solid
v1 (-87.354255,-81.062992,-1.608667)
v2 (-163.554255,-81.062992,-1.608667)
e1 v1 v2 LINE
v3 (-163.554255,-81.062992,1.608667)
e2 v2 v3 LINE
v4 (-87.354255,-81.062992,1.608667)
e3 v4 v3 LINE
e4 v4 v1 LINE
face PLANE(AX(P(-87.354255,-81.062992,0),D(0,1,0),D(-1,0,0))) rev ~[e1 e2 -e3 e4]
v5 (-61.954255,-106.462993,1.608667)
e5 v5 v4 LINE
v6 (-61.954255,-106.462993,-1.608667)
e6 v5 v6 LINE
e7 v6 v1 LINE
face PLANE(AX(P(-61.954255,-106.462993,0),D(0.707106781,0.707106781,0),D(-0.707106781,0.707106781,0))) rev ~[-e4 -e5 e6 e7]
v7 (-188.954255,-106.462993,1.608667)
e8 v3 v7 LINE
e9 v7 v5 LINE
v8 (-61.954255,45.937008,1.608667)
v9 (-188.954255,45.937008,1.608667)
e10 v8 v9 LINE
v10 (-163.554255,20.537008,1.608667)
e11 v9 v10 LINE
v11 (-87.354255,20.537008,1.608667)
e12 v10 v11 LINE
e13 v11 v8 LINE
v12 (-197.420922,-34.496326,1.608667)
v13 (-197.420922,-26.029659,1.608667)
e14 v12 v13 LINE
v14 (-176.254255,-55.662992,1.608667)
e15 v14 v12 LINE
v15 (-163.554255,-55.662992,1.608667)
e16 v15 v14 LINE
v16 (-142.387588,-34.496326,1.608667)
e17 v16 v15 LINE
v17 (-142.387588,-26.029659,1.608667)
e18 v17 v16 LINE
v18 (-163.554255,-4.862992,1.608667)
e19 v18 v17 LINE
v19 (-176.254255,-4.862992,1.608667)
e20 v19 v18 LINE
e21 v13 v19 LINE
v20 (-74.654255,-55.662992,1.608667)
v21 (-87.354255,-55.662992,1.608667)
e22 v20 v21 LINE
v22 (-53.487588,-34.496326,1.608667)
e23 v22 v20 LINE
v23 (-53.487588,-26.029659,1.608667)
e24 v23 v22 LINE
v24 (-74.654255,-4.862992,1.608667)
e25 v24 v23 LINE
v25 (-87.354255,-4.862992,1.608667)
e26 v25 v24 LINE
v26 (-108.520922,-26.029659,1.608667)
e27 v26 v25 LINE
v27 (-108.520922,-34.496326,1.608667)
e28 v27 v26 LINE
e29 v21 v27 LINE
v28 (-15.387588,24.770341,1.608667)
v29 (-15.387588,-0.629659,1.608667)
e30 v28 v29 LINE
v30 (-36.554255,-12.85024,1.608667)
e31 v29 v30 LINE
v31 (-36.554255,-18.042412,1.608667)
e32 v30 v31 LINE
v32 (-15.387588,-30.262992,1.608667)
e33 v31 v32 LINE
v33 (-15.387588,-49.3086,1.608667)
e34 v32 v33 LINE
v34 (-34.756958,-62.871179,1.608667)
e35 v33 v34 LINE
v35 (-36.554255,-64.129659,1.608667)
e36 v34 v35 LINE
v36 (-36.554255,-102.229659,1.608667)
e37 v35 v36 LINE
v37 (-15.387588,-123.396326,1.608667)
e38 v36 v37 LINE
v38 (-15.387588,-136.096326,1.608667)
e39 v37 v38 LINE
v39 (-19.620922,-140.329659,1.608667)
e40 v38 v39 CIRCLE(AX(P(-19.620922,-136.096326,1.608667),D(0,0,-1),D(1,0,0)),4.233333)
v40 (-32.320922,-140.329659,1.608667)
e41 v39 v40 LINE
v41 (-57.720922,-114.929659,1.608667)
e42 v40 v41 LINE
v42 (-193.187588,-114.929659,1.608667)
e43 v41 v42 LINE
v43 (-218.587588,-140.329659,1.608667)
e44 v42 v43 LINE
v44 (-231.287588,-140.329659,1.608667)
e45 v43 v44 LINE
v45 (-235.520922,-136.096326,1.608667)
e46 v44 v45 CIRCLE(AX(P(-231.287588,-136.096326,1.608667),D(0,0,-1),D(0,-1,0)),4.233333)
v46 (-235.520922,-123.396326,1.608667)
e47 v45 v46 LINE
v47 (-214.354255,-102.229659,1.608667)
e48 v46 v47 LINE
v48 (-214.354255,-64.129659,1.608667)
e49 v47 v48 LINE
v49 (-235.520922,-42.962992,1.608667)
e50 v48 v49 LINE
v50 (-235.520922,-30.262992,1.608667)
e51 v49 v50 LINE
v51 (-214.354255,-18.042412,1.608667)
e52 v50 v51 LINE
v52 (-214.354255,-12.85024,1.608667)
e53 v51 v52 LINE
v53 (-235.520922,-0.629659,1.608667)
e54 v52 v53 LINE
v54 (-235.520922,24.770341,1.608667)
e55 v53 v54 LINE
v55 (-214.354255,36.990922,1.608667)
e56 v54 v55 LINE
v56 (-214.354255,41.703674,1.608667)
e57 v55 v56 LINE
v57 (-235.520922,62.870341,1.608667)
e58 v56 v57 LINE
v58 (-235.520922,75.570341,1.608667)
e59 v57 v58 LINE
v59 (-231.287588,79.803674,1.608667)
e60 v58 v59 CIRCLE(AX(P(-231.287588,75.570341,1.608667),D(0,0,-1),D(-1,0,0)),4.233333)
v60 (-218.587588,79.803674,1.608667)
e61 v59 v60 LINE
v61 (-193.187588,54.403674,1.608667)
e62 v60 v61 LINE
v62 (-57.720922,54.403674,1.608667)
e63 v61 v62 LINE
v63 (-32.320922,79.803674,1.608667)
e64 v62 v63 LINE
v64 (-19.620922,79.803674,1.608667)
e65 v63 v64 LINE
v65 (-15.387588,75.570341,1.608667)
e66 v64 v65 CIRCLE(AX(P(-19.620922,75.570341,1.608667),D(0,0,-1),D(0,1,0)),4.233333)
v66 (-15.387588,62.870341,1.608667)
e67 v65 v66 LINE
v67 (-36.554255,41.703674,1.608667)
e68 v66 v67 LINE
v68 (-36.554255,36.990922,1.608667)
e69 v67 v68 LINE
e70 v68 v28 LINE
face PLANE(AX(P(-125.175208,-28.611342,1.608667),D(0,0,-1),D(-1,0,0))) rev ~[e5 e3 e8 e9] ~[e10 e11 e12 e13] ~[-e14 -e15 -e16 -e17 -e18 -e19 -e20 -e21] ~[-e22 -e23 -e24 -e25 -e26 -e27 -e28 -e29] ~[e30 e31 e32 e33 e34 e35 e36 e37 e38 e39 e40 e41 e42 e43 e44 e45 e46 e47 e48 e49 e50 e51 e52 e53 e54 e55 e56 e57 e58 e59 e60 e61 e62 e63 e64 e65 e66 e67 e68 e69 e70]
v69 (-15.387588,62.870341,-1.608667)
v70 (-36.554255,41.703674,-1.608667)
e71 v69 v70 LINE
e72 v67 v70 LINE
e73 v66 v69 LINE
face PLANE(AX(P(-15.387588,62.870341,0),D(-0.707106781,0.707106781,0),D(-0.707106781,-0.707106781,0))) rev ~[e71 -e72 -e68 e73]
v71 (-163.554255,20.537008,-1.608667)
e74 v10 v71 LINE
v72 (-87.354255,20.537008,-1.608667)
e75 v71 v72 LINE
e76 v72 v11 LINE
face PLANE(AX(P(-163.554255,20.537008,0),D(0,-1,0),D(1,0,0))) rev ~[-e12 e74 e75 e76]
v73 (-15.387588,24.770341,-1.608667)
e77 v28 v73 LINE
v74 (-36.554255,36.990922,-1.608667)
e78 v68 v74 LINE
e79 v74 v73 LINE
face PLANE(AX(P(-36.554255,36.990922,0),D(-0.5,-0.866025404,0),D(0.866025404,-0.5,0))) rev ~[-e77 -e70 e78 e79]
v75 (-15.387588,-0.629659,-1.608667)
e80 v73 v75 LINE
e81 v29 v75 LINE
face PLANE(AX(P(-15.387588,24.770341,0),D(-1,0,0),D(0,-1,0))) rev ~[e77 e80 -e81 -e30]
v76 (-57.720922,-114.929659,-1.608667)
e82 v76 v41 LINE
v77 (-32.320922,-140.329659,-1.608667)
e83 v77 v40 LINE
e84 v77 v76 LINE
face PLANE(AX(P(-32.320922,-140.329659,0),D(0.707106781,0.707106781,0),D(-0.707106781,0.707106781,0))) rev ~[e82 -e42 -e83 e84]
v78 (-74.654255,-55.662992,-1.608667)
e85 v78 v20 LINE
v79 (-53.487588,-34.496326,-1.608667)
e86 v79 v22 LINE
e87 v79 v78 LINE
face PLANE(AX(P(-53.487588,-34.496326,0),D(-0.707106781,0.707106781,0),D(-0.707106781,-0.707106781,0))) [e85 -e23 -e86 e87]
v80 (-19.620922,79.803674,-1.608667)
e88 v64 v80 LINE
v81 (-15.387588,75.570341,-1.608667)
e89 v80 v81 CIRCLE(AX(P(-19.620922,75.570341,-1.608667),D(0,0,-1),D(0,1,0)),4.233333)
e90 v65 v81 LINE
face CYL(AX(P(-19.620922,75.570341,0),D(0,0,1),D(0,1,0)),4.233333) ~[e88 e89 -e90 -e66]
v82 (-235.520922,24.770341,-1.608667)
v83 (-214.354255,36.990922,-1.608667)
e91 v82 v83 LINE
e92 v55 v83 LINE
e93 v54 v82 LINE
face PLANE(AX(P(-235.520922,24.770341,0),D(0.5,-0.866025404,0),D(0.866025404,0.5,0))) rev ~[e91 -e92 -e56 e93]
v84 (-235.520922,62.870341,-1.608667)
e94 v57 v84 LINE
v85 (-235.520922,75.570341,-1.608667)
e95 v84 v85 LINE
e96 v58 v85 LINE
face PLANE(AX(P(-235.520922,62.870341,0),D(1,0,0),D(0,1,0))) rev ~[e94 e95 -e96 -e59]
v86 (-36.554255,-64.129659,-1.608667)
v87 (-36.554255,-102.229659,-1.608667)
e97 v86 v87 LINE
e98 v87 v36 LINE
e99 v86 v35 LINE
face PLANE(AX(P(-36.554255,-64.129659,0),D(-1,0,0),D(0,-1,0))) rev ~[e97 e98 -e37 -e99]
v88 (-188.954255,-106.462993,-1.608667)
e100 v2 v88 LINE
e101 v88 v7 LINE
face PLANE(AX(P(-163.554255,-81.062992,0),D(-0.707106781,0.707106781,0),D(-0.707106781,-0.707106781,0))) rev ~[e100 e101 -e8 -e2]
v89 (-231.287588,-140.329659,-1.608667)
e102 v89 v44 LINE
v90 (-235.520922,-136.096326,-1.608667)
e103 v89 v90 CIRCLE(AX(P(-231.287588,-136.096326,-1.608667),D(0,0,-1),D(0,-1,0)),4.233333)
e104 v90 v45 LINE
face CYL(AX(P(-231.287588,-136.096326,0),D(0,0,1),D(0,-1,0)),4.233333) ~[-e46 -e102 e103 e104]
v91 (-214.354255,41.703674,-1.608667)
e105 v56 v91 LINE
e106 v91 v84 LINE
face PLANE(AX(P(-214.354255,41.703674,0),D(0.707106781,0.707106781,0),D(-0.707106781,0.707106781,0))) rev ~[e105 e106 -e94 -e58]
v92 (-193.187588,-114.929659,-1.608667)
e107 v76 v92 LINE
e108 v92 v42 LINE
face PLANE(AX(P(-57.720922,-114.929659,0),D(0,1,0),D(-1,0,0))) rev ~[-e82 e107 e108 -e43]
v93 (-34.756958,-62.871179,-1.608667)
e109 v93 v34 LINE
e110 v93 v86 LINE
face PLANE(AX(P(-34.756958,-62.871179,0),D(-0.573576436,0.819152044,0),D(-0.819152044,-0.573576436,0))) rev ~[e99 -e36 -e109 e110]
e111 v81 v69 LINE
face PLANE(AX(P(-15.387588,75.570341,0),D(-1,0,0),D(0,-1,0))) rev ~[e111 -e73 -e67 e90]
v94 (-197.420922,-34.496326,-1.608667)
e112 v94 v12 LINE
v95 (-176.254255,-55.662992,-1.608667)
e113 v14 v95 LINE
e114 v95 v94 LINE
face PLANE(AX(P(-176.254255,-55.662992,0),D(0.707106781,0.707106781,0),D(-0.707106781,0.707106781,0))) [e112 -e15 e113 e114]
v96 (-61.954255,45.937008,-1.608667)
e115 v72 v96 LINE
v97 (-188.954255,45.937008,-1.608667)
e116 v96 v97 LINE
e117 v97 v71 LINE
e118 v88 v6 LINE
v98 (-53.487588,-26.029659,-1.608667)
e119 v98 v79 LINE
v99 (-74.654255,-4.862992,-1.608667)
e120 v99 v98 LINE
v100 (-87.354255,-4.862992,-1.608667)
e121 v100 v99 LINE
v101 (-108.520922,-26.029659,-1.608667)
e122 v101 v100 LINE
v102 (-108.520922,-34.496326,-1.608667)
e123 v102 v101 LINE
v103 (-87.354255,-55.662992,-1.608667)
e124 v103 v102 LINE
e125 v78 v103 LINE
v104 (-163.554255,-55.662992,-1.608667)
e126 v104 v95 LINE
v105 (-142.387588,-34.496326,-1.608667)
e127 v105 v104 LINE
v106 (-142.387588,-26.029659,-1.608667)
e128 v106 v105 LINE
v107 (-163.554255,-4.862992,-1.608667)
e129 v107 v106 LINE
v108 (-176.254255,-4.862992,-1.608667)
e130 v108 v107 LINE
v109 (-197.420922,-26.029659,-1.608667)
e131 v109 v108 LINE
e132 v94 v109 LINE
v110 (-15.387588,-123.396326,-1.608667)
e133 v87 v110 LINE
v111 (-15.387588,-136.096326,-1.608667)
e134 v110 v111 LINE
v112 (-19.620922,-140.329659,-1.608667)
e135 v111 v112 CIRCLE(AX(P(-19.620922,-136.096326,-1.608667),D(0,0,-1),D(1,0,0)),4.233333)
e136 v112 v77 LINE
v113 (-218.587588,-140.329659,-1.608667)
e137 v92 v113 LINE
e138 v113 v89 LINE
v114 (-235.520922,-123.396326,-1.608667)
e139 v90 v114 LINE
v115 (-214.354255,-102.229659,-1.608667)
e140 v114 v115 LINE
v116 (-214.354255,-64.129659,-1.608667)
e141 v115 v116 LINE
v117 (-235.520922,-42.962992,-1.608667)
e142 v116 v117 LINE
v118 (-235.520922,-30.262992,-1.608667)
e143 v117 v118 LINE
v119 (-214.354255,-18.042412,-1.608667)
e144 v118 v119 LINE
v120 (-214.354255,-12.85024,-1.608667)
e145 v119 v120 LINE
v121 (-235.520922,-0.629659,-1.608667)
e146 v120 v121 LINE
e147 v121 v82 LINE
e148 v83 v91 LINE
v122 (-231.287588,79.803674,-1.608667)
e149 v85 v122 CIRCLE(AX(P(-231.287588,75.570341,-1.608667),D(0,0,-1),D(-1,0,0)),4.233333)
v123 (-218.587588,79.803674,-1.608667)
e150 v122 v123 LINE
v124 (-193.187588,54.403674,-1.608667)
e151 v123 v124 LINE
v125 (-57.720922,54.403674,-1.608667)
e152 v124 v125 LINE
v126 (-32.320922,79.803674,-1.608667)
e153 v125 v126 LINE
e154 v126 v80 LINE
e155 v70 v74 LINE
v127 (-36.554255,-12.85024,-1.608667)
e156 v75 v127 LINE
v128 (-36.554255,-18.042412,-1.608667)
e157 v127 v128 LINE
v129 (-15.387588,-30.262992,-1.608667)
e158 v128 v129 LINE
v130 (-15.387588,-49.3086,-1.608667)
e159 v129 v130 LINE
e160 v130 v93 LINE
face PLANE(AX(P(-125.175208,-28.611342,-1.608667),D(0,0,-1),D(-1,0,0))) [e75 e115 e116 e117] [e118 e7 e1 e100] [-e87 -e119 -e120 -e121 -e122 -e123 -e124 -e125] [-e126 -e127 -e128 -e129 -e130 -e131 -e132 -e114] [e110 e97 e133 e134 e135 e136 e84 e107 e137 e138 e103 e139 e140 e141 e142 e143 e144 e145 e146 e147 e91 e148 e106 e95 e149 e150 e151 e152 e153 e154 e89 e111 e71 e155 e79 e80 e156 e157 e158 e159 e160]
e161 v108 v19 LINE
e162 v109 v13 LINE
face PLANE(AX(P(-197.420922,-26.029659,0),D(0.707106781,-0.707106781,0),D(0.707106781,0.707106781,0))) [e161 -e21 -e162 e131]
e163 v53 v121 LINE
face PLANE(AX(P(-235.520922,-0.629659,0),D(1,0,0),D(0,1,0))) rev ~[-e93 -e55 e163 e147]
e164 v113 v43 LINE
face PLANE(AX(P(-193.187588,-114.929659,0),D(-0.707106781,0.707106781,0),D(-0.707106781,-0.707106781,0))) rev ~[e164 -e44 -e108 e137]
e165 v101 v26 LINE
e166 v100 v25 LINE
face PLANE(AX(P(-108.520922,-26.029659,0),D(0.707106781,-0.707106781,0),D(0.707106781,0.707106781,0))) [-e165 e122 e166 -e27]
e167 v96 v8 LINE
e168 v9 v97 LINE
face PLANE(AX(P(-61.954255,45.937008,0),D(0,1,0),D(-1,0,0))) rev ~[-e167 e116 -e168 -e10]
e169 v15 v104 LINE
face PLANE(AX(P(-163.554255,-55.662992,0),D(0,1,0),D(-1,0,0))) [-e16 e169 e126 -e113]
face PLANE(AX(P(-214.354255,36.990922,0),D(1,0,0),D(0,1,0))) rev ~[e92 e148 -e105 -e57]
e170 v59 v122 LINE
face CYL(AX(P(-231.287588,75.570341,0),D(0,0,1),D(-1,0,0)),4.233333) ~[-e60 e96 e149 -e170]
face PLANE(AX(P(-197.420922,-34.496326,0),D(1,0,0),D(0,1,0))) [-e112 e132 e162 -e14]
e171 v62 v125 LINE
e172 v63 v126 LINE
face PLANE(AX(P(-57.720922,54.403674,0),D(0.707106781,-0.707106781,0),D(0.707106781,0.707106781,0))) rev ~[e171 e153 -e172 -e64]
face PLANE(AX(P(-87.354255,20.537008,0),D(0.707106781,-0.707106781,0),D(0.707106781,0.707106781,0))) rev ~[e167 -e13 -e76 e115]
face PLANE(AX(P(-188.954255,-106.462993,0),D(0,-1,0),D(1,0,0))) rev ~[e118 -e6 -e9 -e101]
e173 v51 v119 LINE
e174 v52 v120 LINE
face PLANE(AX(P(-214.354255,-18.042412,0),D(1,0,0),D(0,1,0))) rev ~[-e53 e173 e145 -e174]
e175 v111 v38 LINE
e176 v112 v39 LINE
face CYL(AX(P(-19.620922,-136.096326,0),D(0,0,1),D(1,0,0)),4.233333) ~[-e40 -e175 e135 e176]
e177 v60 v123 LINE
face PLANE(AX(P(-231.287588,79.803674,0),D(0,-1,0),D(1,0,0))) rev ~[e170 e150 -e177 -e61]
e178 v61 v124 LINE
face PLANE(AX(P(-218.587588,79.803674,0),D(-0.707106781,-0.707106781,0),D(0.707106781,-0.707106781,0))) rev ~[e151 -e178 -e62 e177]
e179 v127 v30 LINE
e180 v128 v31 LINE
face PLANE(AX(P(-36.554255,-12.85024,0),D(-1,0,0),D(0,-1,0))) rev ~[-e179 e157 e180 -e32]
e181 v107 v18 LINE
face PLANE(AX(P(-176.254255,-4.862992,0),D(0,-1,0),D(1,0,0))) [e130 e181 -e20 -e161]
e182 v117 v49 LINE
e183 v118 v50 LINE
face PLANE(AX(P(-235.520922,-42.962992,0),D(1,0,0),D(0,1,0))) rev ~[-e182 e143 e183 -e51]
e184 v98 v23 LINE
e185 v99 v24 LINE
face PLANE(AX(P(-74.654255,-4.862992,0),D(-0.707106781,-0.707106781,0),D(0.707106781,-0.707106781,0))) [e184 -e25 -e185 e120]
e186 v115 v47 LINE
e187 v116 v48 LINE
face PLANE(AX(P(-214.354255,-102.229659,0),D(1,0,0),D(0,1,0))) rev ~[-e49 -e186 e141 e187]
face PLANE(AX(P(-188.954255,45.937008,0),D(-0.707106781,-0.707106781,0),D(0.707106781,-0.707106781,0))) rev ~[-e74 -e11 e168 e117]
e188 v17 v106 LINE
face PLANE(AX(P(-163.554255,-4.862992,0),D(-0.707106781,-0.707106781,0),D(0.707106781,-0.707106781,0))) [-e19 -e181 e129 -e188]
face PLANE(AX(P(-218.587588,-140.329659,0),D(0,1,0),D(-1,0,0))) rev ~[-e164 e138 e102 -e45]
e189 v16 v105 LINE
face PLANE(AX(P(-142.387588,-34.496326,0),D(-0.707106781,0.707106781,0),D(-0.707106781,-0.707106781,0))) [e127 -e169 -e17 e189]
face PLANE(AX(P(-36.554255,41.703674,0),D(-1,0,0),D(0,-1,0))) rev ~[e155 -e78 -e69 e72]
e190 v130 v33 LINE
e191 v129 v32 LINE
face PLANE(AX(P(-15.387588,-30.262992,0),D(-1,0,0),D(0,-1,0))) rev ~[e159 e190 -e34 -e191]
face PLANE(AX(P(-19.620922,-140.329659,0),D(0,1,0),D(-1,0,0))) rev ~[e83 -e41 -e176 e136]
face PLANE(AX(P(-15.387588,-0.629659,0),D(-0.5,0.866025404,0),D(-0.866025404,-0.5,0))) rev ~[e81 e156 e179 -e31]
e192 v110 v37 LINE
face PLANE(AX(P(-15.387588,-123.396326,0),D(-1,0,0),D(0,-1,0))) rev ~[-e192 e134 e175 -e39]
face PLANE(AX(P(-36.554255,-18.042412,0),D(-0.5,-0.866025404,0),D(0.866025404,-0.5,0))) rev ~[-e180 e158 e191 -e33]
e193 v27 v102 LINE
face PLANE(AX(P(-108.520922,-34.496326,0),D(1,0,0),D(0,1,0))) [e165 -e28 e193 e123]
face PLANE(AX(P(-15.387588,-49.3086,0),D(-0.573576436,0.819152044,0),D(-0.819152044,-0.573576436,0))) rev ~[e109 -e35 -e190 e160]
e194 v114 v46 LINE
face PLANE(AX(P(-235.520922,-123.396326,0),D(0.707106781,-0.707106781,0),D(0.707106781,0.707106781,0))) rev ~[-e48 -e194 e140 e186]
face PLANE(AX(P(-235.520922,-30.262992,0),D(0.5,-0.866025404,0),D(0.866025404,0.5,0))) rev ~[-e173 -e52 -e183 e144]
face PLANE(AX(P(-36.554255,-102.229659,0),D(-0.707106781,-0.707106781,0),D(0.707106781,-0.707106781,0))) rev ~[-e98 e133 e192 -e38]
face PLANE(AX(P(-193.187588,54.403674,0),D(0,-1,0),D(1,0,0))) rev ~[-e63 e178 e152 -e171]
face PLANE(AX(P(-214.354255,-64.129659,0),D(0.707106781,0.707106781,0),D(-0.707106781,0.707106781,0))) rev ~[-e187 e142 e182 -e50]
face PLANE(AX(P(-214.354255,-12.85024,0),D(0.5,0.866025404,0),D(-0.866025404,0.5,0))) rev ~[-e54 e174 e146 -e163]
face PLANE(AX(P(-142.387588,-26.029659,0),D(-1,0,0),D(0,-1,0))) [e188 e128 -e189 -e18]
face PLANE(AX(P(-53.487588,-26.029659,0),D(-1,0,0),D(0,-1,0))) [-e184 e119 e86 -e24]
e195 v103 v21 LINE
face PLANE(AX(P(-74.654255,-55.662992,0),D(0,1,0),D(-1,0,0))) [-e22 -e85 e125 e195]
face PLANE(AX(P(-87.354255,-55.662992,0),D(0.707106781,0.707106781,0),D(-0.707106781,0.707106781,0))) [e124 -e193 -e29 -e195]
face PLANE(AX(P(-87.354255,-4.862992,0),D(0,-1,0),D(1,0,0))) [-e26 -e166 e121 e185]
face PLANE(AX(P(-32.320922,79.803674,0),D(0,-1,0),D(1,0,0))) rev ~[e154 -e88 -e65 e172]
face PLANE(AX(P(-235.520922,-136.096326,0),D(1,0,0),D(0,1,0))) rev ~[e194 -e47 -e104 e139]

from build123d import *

# Parameters (mm, degrees)
BOSS_EXTRUDE1_DEPTH = 2.413
SCALE1_SCALE        = 0.666666667


with BuildPart() as part:
    # Model → Boss-Extrude1 (new body, symmetric)
    with BuildSketch(Plane.XY):
        with BuildLine():
            Line((-290.681304326, -31.2683), (-258.931304326, -12.937428953))
            Line((-258.931304326, -12.937428953), (-258.931304326, -5.149171047))
            Line((-258.931304326, -5.149171047), (-290.681304326, 13.1817))
            Line((-290.681304326, 13.1817), (-290.681304326, 51.2817))
            Line((-290.681304326, 51.2817), (-258.931304326, 69.612571047))
            Line((-258.931304326, 69.612571047), (-258.931304326, 76.6817))
            Line((-258.931304326, 76.6817), (-290.681304326, 108.4317))
            Line((-290.681304326, 108.4317), (-290.681304326, 127.4817))
            ThreePointArc((-290.681304326, 127.4817), (-288.821432386, 131.971828061), (-284.331304326, 133.8317))
            Line((-284.331304326, 133.8317), (-265.281304326, 133.8317))
            Line((-265.281304326, 133.8317), (-227.181304326, 95.7317))
            Line((-227.181304326, 95.7317), (-23.981304326, 95.7317))
            Line((-23.981304326, 95.7317), (14.118695674, 133.8317))
            Line((14.118695674, 133.8317), (33.168695674, 133.8317))
            ThreePointArc((33.168695674, 133.8317), (37.658823735, 131.971828061), (39.518695674, 127.4817))
            Line((39.518695674, 127.4817), (39.518695674, 108.4317))
            Line((39.518695674, 108.4317), (7.768695674, 76.6817))
            Line((7.768695674, 76.6817), (7.768695674, 69.612571047))
            Line((7.768695674, 69.612571047), (39.518695674, 51.2817))
            Line((39.518695674, 51.2817), (39.518695674, 13.1817))
            Line((39.518695674, 13.1817), (7.768695674, -5.149171047))
            Line((7.768695674, -5.149171047), (7.768695674, -12.937428953))
            Line((7.768695674, -12.937428953), (39.518695674, -31.2683))
            Line((39.518695674, -31.2683), (39.518695674, -59.836710662))
            Line((39.518695674, -59.836710662), (10.464640386, -80.18057919))
            Line((10.464640386, -80.18057919), (7.768695674, -82.0683))
            Line((7.768695674, -82.0683), (7.768695674, -139.2183))
            Line((7.768695674, -139.2183), (39.518695674, -170.9683))
            Line((39.518695674, -170.9683), (39.518695674, -190.0183))
            ThreePointArc((39.518695674, -190.0183), (37.658823735, -194.508428061), (33.168695674, -196.3683))
            Line((33.168695674, -196.3683), (14.118695674, -196.3683))
            Line((14.118695674, -196.3683), (-23.981304326, -158.2683))
            Line((-23.981304326, -158.2683), (-227.181304326, -158.2683))
            Line((-227.181304326, -158.2683), (-265.281304326, -196.3683))
            Line((-265.281304326, -196.3683), (-284.331304326, -196.3683))
            ThreePointArc((-284.331304326, -196.3683), (-288.821432386, -194.508428061), (-290.681304326, -190.0183))
            Line((-290.681304326, -190.0183), (-290.681304326, -170.9683))
            Line((-290.681304326, -170.9683), (-258.931304326, -139.2183))
            Line((-258.931304326, -139.2183), (-258.931304326, -82.0683))
            Line((-258.931304326, -82.0683), (-290.681304326, -50.3183))
            Line((-290.681304326, -50.3183), (-290.681304326, -31.2683))
        make_face()
        Polygon((-30.331304326, -145.5683), (-68.431304326, -107.4683), (-182.731304326, -107.4683), (-220.831304326, -145.5683), align=None, mode=Mode.SUBTRACT)
        Polygon((-220.831304326, 83.0317), (-182.731304326, 44.9317), (-68.431304326, 44.9317), (-30.331304326, 83.0317), align=None, mode=Mode.SUBTRACT)
        Polygon((-201.781304326, -69.3683), (-233.531304326, -37.6183), (-233.531304326, -24.9183), (-201.781304326, 6.8317), (-182.731304326, 6.8317), (-150.981304326, -24.9183), (-150.981304326, -37.6183), (-182.731304326, -69.3683), align=None, mode=Mode.SUBTRACT)
        Polygon((-100.181304326, -37.6183), (-100.181304326, -24.9183), (-68.431304326, 6.8317), (-49.381304326, 6.8317), (-17.631304326, -24.9183), (-17.631304326, -37.6183), (-49.381304326, -69.3683), (-68.431304326, -69.3683), align=None, mode=Mode.SUBTRACT)
    extrude(amount=BOSS_EXTRUDE1_DEPTH, both=True)


with BuildPart() as part_1:
    # Scale1: scaled about (-125.200156118, -28.252377371, 0)
    add(part.part.scale(SCALE1_SCALE).moved(Location((-41.733385373, -9.417459124, 0))))


solid = part_1.part
